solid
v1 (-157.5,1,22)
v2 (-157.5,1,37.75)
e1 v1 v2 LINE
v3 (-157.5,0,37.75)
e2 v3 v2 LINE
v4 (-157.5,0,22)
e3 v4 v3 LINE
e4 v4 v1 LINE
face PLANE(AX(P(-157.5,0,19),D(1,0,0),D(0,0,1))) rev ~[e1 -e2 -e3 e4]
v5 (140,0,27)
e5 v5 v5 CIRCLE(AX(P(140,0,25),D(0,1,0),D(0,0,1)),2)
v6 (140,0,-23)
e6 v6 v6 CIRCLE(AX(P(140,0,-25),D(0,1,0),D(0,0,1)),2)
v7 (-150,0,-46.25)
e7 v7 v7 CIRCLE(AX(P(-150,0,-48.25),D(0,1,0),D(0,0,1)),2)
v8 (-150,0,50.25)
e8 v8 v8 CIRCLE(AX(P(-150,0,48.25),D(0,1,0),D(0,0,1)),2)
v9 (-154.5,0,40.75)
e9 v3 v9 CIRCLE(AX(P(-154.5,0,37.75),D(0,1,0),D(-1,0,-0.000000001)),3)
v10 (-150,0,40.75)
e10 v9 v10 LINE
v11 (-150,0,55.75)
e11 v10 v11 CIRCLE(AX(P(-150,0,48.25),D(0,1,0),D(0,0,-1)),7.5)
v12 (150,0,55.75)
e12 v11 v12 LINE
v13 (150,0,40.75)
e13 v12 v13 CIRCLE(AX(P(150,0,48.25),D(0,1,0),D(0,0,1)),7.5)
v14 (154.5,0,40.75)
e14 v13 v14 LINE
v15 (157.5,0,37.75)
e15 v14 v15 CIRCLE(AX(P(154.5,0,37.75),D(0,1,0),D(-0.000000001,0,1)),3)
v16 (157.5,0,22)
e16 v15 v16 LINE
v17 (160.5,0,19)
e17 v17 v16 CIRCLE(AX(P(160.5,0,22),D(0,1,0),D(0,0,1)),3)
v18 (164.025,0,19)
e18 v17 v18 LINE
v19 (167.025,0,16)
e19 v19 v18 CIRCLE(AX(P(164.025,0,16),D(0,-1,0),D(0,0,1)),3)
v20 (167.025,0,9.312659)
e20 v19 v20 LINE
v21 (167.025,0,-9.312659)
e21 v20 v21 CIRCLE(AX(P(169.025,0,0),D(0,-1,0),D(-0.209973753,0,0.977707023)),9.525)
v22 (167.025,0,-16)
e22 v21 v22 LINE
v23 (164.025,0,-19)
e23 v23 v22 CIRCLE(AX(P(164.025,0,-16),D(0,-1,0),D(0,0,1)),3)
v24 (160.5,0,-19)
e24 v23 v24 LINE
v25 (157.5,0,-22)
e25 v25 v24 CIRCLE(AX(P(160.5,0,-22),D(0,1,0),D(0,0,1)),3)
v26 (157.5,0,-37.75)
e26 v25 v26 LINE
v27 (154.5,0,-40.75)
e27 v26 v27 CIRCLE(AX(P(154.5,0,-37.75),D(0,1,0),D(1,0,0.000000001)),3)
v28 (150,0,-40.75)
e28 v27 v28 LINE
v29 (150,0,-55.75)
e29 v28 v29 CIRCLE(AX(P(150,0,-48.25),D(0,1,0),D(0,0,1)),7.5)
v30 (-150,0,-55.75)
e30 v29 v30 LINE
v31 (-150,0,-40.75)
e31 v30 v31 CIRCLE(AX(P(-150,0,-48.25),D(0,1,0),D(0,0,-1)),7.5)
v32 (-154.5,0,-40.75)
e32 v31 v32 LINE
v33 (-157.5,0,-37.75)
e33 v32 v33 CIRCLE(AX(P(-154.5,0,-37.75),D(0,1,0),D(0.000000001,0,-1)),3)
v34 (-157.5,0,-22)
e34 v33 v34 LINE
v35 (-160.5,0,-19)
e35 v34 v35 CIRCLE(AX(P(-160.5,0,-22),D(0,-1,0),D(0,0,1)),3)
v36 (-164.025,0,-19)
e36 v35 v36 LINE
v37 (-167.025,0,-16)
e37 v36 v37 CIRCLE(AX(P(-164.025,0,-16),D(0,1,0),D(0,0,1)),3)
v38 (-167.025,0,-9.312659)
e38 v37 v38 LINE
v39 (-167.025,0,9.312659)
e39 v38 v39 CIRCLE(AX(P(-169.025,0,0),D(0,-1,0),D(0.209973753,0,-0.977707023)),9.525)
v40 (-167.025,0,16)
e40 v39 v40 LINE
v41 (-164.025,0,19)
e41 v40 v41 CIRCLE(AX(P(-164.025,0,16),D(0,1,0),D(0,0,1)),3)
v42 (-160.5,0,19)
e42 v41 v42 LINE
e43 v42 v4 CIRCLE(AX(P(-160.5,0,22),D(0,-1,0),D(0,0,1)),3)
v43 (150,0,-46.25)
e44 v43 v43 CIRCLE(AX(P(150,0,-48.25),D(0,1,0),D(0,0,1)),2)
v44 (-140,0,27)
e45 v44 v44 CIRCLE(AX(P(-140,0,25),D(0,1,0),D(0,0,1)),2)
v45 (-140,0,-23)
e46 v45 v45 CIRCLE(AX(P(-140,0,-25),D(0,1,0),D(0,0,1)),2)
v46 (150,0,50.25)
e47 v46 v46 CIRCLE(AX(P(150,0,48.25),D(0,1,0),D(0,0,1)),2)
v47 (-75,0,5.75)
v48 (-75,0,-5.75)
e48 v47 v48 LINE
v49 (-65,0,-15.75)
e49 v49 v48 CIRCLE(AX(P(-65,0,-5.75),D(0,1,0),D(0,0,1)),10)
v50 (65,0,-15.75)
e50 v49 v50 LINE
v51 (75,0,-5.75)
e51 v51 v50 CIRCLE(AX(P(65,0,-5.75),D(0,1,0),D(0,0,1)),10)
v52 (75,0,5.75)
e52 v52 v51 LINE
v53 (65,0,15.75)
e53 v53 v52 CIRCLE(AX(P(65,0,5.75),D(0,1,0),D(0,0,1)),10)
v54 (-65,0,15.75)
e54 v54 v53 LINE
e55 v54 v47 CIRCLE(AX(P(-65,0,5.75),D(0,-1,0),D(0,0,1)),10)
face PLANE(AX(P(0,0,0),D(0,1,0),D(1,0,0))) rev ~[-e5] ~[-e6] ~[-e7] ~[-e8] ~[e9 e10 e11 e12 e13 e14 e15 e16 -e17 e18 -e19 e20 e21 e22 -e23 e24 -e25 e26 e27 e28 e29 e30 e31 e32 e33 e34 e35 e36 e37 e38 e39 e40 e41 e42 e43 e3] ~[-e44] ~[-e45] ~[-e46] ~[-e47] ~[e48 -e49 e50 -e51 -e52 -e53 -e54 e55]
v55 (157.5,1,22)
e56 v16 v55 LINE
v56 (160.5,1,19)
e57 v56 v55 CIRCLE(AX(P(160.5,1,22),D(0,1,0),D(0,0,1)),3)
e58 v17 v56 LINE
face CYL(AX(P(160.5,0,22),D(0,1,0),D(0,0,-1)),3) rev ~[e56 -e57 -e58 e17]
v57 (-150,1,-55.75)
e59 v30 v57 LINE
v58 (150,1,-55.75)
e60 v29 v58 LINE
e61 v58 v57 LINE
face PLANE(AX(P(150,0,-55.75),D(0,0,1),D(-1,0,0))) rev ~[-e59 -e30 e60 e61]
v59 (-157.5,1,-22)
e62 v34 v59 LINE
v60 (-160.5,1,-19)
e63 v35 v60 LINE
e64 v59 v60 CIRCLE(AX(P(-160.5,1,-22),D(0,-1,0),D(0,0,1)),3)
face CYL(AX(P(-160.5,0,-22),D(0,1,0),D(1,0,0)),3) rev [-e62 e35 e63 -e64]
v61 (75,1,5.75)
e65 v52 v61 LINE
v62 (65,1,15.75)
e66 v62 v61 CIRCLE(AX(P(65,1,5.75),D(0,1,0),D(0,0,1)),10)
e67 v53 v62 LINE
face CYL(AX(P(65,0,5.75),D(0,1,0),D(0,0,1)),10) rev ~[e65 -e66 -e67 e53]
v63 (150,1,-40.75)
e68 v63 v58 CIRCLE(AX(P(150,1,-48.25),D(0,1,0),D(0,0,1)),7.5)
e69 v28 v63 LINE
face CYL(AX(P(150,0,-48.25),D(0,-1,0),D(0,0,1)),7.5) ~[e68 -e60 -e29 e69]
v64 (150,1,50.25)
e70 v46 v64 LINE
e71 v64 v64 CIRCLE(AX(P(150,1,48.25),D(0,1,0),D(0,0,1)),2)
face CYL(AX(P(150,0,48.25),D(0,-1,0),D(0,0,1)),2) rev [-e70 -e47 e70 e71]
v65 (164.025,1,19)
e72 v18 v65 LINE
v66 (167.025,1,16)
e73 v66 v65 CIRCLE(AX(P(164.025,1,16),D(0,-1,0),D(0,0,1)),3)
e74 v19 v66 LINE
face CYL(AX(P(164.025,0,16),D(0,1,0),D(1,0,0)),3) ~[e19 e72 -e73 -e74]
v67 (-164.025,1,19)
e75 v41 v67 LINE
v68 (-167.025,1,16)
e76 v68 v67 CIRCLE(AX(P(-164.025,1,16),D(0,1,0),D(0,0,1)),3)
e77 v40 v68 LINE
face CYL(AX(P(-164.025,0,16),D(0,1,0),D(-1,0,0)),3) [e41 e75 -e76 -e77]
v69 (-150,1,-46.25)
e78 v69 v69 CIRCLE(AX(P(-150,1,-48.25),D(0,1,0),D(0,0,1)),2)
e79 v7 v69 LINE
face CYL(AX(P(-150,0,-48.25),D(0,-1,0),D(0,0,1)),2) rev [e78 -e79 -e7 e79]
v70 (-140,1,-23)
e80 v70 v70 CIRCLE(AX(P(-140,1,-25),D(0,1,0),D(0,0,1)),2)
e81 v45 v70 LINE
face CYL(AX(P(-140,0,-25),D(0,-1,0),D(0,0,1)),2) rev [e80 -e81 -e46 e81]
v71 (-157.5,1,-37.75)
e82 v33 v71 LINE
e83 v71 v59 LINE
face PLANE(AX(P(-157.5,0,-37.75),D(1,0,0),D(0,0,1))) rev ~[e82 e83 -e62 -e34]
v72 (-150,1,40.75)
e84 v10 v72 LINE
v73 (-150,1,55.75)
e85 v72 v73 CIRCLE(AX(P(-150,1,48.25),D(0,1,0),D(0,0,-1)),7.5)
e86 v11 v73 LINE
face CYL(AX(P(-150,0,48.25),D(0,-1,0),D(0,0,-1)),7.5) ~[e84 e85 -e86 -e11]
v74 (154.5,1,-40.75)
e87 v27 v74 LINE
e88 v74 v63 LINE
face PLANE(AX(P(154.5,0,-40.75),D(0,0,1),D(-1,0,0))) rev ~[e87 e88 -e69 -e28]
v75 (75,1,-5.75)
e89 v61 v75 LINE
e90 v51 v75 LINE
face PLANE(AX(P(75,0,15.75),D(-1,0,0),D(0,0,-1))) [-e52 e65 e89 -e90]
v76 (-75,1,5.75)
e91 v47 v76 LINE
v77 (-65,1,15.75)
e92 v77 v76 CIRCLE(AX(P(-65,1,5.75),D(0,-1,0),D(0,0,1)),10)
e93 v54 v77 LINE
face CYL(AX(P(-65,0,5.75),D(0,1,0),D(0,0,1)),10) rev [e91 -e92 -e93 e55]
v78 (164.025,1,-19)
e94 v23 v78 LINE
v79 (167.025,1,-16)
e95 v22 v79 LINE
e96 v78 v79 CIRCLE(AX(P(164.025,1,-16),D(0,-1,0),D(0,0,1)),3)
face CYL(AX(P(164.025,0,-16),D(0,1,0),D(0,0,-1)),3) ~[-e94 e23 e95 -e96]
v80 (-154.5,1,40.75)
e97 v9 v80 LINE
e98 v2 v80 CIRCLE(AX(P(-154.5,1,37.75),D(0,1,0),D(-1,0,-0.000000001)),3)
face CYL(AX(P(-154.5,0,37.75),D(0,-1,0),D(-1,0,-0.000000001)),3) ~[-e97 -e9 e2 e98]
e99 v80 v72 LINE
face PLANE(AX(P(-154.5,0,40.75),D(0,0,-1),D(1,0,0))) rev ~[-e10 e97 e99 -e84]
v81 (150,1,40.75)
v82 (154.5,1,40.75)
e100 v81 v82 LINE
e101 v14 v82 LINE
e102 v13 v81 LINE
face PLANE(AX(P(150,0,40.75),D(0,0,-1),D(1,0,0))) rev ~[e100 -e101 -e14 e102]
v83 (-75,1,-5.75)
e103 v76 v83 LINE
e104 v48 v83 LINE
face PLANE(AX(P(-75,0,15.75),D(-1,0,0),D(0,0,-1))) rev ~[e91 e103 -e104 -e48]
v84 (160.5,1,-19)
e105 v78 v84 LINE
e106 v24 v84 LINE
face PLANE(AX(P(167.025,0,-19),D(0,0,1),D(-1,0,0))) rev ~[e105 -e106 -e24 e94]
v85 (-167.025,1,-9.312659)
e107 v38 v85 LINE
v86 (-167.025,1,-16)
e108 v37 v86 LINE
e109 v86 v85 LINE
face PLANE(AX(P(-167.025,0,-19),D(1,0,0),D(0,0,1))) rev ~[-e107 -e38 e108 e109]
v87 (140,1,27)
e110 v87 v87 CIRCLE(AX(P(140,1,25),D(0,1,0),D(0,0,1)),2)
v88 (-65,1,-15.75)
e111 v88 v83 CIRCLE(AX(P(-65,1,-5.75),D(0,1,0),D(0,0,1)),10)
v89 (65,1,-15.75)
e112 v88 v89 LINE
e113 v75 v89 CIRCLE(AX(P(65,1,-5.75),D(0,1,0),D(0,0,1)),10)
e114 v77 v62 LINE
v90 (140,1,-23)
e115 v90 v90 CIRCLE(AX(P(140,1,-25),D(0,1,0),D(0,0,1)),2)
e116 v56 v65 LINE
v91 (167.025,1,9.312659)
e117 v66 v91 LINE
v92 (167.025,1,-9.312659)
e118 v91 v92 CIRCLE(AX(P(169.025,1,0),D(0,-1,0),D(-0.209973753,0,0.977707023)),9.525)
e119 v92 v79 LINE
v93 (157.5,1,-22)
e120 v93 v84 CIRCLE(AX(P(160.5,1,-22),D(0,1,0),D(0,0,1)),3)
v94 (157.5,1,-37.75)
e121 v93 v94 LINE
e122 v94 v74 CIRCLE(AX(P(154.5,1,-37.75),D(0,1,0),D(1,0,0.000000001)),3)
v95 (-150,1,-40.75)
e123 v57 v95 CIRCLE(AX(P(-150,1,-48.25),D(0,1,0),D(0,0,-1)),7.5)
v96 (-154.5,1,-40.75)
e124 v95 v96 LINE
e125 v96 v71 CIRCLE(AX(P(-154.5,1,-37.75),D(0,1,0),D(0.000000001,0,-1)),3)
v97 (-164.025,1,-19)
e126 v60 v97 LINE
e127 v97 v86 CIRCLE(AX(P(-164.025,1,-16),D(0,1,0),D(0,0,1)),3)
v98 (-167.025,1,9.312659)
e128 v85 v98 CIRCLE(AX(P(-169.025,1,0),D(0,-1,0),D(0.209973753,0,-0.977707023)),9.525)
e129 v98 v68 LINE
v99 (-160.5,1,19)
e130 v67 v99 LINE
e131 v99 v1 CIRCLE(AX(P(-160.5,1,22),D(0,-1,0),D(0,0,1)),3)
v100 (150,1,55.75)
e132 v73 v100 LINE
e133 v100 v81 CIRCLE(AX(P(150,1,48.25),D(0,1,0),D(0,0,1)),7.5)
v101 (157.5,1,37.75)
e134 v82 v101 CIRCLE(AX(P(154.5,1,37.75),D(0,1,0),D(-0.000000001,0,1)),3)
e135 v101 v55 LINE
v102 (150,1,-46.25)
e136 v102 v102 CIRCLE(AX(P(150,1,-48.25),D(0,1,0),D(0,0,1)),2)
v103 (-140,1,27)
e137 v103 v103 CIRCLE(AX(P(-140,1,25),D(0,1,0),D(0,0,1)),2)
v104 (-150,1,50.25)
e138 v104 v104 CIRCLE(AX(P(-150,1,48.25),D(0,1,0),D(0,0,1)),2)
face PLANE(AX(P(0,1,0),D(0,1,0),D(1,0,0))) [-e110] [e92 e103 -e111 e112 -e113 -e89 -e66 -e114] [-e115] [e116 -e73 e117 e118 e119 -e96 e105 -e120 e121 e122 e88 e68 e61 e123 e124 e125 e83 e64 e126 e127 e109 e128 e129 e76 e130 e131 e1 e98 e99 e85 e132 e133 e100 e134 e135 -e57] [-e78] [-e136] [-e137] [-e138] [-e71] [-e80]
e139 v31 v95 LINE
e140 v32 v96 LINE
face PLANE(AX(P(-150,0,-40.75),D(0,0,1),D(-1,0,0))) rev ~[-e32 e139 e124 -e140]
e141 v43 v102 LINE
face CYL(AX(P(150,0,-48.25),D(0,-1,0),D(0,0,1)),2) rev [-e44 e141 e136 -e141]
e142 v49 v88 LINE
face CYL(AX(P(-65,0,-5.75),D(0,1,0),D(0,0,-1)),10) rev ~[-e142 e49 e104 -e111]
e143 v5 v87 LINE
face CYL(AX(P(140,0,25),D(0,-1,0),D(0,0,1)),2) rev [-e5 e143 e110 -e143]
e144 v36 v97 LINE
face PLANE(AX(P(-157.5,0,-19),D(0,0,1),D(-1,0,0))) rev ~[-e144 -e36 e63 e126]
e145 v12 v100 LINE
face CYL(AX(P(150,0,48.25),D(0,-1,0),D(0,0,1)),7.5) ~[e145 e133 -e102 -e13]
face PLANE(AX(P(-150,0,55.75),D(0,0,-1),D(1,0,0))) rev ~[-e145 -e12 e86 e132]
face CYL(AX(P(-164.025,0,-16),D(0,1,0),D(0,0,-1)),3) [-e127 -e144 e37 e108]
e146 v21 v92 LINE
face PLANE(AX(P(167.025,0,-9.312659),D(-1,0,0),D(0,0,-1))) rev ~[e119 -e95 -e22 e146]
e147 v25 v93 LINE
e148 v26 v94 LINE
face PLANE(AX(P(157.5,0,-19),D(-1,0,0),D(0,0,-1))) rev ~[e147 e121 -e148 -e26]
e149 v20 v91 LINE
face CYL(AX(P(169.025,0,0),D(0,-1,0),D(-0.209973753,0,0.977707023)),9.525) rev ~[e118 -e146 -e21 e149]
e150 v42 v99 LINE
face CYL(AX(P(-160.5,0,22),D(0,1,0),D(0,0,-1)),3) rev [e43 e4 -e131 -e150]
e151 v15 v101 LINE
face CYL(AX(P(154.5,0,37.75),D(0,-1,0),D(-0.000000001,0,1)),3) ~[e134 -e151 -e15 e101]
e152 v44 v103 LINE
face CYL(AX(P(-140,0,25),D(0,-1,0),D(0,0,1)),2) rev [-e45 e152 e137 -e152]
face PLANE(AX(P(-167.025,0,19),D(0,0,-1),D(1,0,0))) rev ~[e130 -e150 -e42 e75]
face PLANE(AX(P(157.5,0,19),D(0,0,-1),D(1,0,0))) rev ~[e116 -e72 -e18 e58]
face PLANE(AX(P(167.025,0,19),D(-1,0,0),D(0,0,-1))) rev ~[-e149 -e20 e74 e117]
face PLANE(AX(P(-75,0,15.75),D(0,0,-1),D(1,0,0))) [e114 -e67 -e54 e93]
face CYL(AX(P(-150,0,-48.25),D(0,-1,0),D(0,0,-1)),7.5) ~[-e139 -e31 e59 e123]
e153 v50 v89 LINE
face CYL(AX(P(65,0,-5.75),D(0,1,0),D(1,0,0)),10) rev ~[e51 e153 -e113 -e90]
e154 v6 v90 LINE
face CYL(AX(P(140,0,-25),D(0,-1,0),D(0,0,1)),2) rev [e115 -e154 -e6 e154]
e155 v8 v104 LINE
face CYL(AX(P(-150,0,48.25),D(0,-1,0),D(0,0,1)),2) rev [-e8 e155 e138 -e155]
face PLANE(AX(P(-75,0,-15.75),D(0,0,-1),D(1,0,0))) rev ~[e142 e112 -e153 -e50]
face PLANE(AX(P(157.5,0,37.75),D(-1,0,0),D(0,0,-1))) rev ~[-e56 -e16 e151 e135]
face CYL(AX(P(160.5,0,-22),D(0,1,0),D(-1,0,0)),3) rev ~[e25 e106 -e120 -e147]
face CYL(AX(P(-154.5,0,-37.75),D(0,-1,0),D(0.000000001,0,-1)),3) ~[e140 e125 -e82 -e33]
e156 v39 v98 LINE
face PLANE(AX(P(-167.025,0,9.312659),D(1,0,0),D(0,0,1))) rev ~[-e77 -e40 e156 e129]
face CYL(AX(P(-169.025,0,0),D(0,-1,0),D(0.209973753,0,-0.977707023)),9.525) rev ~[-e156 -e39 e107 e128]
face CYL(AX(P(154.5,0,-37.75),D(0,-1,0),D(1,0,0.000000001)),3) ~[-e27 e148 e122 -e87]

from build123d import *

# Parameters (mm, degrees)
SKETCH1_R           = 2
SKETCH1_W           = 150
SKETCH1_H           = 31.5
BOSS_EXTRUDE1_DEPTH = 1
FILLET1_R           = 10
FILLET2_R           = 3


with BuildPart() as part:
    # Sketch1 → Boss-Extrude1 (new body)
    with BuildSketch(Plane(origin=(0, 0, 0), x_dir=(1, 0, 0), z_dir=(0, 1, 0))):
        with BuildLine():
            Line((150, 55.75), (-150, 55.75))
            ThreePointArc((-150, 55.75), (-157.5, 48.25), (-150, 40.75))
            Line((-150, 40.75), (-154.5, 40.75))
            ThreePointArc((-154.5, 40.75), (-156.621320344, 39.871320344), (-157.5, 37.75))
            Line((-157.5, 37.75), (-157.5, 19))
            Line((-157.5, 19), (-167.025, 19))
            Line((-167.025, 19), (-167.025, 9.312659395))
            ThreePointArc((-167.025, 9.312659395), (-159.5, 0), (-167.025, -9.312659395))
            Line((-167.025, -9.312659395), (-167.025, -19))
            Line((-167.025, -19), (-157.5, -19))
            Line((-157.5, -19), (-157.5, -37.75))
            ThreePointArc((-157.5, -37.75), (-156.621320344, -39.871320344), (-154.5, -40.75))
            Line((-154.5, -40.75), (-150, -40.75))
            ThreePointArc((-150, -40.75), (-157.5, -48.25), (-150, -55.75))
            Line((-150, -55.75), (150, -55.75))
            ThreePointArc((150, -55.75), (157.5, -48.25), (150, -40.75))
            Line((150, -40.75), (154.5, -40.75))
            ThreePointArc((154.5, -40.75), (156.621320344, -39.871320344), (157.5, -37.75))
            Line((157.5, -37.75), (157.5, -19))
            Line((157.5, -19), (167.025, -19))
            Line((167.025, -19), (167.025, -9.312659395))
            ThreePointArc((167.025, -9.312659395), (159.5, 0), (167.025, 9.312659395))
            Line((167.025, 9.312659395), (167.025, 19))
            Line((167.025, 19), (157.5, 19))
            Line((157.5, 19), (157.5, 37.75))
            ThreePointArc((157.5, 37.75), (156.621320344, 39.871320344), (154.5, 40.75))
            Line((154.5, 40.75), (150, 40.75))
            ThreePointArc((150, 40.75), (157.5, 48.25), (150, 55.75))
        make_face()
        with Locations(Location((-150, 48.25, 0), (0, 0, 270))):
            Circle(SKETCH1_R, mode=Mode.SUBTRACT)
        with Locations(Location((150, 48.25, 0), (0, 0, 270))):
            Circle(SKETCH1_R, mode=Mode.SUBTRACT)
        with Locations(Location((150, -48.25, 0), (0, 0, 270))):
            Circle(SKETCH1_R, mode=Mode.SUBTRACT)
        with Locations(Location((-150, -48.25, 0), (0, 0, 270))):
            Circle(SKETCH1_R, mode=Mode.SUBTRACT)
        with Locations(Location((-140, 25, 0), (0, 0, 270))):
            Circle(SKETCH1_R, mode=Mode.SUBTRACT)
        with Locations(Location((-140, -25, 0), (0, 0, 270))):
            Circle(SKETCH1_R, mode=Mode.SUBTRACT)
        with Locations(Location((140, -25, 0), (0, 0, 270))):
            Circle(SKETCH1_R, mode=Mode.SUBTRACT)
        with Locations(Location((140, 25, 0), (0, 0, 270))):
            Circle(SKETCH1_R, mode=Mode.SUBTRACT)
        Rectangle(SKETCH1_W, SKETCH1_H, mode=Mode.SUBTRACT)
    extrude(amount=BOSS_EXTRUDE1_DEPTH)

    # Fillet1
    fillet1_edges = [part.edges().sort_by_distance(p)[0] for p in [
        (-75, 0.5, -15.75),
        (-75, 0.5, 15.75),
        (75, 0.5, 15.75),
        (75, 0.5, -15.75),
    ]]
    fillet(fillet1_edges, radius=FILLET1_R)

    # Fillet2
    fillet2_edges = [part.edges().sort_by_distance(p)[0] for p in [
        (-157.5, 0.5, 19),
        (-167.025, 0.5, 19),
        (-167.025, 0.5, -19),
        (-157.5, 0.5, -19),
        (157.5, 0.5, -19),
        (167.025, 0.5, -19),
        (167.025, 0.5, 19),
        (157.5, 0.5, 19),
    ]]
    fillet(fillet2_edges, radius=FILLET2_R)


solid = part.part
